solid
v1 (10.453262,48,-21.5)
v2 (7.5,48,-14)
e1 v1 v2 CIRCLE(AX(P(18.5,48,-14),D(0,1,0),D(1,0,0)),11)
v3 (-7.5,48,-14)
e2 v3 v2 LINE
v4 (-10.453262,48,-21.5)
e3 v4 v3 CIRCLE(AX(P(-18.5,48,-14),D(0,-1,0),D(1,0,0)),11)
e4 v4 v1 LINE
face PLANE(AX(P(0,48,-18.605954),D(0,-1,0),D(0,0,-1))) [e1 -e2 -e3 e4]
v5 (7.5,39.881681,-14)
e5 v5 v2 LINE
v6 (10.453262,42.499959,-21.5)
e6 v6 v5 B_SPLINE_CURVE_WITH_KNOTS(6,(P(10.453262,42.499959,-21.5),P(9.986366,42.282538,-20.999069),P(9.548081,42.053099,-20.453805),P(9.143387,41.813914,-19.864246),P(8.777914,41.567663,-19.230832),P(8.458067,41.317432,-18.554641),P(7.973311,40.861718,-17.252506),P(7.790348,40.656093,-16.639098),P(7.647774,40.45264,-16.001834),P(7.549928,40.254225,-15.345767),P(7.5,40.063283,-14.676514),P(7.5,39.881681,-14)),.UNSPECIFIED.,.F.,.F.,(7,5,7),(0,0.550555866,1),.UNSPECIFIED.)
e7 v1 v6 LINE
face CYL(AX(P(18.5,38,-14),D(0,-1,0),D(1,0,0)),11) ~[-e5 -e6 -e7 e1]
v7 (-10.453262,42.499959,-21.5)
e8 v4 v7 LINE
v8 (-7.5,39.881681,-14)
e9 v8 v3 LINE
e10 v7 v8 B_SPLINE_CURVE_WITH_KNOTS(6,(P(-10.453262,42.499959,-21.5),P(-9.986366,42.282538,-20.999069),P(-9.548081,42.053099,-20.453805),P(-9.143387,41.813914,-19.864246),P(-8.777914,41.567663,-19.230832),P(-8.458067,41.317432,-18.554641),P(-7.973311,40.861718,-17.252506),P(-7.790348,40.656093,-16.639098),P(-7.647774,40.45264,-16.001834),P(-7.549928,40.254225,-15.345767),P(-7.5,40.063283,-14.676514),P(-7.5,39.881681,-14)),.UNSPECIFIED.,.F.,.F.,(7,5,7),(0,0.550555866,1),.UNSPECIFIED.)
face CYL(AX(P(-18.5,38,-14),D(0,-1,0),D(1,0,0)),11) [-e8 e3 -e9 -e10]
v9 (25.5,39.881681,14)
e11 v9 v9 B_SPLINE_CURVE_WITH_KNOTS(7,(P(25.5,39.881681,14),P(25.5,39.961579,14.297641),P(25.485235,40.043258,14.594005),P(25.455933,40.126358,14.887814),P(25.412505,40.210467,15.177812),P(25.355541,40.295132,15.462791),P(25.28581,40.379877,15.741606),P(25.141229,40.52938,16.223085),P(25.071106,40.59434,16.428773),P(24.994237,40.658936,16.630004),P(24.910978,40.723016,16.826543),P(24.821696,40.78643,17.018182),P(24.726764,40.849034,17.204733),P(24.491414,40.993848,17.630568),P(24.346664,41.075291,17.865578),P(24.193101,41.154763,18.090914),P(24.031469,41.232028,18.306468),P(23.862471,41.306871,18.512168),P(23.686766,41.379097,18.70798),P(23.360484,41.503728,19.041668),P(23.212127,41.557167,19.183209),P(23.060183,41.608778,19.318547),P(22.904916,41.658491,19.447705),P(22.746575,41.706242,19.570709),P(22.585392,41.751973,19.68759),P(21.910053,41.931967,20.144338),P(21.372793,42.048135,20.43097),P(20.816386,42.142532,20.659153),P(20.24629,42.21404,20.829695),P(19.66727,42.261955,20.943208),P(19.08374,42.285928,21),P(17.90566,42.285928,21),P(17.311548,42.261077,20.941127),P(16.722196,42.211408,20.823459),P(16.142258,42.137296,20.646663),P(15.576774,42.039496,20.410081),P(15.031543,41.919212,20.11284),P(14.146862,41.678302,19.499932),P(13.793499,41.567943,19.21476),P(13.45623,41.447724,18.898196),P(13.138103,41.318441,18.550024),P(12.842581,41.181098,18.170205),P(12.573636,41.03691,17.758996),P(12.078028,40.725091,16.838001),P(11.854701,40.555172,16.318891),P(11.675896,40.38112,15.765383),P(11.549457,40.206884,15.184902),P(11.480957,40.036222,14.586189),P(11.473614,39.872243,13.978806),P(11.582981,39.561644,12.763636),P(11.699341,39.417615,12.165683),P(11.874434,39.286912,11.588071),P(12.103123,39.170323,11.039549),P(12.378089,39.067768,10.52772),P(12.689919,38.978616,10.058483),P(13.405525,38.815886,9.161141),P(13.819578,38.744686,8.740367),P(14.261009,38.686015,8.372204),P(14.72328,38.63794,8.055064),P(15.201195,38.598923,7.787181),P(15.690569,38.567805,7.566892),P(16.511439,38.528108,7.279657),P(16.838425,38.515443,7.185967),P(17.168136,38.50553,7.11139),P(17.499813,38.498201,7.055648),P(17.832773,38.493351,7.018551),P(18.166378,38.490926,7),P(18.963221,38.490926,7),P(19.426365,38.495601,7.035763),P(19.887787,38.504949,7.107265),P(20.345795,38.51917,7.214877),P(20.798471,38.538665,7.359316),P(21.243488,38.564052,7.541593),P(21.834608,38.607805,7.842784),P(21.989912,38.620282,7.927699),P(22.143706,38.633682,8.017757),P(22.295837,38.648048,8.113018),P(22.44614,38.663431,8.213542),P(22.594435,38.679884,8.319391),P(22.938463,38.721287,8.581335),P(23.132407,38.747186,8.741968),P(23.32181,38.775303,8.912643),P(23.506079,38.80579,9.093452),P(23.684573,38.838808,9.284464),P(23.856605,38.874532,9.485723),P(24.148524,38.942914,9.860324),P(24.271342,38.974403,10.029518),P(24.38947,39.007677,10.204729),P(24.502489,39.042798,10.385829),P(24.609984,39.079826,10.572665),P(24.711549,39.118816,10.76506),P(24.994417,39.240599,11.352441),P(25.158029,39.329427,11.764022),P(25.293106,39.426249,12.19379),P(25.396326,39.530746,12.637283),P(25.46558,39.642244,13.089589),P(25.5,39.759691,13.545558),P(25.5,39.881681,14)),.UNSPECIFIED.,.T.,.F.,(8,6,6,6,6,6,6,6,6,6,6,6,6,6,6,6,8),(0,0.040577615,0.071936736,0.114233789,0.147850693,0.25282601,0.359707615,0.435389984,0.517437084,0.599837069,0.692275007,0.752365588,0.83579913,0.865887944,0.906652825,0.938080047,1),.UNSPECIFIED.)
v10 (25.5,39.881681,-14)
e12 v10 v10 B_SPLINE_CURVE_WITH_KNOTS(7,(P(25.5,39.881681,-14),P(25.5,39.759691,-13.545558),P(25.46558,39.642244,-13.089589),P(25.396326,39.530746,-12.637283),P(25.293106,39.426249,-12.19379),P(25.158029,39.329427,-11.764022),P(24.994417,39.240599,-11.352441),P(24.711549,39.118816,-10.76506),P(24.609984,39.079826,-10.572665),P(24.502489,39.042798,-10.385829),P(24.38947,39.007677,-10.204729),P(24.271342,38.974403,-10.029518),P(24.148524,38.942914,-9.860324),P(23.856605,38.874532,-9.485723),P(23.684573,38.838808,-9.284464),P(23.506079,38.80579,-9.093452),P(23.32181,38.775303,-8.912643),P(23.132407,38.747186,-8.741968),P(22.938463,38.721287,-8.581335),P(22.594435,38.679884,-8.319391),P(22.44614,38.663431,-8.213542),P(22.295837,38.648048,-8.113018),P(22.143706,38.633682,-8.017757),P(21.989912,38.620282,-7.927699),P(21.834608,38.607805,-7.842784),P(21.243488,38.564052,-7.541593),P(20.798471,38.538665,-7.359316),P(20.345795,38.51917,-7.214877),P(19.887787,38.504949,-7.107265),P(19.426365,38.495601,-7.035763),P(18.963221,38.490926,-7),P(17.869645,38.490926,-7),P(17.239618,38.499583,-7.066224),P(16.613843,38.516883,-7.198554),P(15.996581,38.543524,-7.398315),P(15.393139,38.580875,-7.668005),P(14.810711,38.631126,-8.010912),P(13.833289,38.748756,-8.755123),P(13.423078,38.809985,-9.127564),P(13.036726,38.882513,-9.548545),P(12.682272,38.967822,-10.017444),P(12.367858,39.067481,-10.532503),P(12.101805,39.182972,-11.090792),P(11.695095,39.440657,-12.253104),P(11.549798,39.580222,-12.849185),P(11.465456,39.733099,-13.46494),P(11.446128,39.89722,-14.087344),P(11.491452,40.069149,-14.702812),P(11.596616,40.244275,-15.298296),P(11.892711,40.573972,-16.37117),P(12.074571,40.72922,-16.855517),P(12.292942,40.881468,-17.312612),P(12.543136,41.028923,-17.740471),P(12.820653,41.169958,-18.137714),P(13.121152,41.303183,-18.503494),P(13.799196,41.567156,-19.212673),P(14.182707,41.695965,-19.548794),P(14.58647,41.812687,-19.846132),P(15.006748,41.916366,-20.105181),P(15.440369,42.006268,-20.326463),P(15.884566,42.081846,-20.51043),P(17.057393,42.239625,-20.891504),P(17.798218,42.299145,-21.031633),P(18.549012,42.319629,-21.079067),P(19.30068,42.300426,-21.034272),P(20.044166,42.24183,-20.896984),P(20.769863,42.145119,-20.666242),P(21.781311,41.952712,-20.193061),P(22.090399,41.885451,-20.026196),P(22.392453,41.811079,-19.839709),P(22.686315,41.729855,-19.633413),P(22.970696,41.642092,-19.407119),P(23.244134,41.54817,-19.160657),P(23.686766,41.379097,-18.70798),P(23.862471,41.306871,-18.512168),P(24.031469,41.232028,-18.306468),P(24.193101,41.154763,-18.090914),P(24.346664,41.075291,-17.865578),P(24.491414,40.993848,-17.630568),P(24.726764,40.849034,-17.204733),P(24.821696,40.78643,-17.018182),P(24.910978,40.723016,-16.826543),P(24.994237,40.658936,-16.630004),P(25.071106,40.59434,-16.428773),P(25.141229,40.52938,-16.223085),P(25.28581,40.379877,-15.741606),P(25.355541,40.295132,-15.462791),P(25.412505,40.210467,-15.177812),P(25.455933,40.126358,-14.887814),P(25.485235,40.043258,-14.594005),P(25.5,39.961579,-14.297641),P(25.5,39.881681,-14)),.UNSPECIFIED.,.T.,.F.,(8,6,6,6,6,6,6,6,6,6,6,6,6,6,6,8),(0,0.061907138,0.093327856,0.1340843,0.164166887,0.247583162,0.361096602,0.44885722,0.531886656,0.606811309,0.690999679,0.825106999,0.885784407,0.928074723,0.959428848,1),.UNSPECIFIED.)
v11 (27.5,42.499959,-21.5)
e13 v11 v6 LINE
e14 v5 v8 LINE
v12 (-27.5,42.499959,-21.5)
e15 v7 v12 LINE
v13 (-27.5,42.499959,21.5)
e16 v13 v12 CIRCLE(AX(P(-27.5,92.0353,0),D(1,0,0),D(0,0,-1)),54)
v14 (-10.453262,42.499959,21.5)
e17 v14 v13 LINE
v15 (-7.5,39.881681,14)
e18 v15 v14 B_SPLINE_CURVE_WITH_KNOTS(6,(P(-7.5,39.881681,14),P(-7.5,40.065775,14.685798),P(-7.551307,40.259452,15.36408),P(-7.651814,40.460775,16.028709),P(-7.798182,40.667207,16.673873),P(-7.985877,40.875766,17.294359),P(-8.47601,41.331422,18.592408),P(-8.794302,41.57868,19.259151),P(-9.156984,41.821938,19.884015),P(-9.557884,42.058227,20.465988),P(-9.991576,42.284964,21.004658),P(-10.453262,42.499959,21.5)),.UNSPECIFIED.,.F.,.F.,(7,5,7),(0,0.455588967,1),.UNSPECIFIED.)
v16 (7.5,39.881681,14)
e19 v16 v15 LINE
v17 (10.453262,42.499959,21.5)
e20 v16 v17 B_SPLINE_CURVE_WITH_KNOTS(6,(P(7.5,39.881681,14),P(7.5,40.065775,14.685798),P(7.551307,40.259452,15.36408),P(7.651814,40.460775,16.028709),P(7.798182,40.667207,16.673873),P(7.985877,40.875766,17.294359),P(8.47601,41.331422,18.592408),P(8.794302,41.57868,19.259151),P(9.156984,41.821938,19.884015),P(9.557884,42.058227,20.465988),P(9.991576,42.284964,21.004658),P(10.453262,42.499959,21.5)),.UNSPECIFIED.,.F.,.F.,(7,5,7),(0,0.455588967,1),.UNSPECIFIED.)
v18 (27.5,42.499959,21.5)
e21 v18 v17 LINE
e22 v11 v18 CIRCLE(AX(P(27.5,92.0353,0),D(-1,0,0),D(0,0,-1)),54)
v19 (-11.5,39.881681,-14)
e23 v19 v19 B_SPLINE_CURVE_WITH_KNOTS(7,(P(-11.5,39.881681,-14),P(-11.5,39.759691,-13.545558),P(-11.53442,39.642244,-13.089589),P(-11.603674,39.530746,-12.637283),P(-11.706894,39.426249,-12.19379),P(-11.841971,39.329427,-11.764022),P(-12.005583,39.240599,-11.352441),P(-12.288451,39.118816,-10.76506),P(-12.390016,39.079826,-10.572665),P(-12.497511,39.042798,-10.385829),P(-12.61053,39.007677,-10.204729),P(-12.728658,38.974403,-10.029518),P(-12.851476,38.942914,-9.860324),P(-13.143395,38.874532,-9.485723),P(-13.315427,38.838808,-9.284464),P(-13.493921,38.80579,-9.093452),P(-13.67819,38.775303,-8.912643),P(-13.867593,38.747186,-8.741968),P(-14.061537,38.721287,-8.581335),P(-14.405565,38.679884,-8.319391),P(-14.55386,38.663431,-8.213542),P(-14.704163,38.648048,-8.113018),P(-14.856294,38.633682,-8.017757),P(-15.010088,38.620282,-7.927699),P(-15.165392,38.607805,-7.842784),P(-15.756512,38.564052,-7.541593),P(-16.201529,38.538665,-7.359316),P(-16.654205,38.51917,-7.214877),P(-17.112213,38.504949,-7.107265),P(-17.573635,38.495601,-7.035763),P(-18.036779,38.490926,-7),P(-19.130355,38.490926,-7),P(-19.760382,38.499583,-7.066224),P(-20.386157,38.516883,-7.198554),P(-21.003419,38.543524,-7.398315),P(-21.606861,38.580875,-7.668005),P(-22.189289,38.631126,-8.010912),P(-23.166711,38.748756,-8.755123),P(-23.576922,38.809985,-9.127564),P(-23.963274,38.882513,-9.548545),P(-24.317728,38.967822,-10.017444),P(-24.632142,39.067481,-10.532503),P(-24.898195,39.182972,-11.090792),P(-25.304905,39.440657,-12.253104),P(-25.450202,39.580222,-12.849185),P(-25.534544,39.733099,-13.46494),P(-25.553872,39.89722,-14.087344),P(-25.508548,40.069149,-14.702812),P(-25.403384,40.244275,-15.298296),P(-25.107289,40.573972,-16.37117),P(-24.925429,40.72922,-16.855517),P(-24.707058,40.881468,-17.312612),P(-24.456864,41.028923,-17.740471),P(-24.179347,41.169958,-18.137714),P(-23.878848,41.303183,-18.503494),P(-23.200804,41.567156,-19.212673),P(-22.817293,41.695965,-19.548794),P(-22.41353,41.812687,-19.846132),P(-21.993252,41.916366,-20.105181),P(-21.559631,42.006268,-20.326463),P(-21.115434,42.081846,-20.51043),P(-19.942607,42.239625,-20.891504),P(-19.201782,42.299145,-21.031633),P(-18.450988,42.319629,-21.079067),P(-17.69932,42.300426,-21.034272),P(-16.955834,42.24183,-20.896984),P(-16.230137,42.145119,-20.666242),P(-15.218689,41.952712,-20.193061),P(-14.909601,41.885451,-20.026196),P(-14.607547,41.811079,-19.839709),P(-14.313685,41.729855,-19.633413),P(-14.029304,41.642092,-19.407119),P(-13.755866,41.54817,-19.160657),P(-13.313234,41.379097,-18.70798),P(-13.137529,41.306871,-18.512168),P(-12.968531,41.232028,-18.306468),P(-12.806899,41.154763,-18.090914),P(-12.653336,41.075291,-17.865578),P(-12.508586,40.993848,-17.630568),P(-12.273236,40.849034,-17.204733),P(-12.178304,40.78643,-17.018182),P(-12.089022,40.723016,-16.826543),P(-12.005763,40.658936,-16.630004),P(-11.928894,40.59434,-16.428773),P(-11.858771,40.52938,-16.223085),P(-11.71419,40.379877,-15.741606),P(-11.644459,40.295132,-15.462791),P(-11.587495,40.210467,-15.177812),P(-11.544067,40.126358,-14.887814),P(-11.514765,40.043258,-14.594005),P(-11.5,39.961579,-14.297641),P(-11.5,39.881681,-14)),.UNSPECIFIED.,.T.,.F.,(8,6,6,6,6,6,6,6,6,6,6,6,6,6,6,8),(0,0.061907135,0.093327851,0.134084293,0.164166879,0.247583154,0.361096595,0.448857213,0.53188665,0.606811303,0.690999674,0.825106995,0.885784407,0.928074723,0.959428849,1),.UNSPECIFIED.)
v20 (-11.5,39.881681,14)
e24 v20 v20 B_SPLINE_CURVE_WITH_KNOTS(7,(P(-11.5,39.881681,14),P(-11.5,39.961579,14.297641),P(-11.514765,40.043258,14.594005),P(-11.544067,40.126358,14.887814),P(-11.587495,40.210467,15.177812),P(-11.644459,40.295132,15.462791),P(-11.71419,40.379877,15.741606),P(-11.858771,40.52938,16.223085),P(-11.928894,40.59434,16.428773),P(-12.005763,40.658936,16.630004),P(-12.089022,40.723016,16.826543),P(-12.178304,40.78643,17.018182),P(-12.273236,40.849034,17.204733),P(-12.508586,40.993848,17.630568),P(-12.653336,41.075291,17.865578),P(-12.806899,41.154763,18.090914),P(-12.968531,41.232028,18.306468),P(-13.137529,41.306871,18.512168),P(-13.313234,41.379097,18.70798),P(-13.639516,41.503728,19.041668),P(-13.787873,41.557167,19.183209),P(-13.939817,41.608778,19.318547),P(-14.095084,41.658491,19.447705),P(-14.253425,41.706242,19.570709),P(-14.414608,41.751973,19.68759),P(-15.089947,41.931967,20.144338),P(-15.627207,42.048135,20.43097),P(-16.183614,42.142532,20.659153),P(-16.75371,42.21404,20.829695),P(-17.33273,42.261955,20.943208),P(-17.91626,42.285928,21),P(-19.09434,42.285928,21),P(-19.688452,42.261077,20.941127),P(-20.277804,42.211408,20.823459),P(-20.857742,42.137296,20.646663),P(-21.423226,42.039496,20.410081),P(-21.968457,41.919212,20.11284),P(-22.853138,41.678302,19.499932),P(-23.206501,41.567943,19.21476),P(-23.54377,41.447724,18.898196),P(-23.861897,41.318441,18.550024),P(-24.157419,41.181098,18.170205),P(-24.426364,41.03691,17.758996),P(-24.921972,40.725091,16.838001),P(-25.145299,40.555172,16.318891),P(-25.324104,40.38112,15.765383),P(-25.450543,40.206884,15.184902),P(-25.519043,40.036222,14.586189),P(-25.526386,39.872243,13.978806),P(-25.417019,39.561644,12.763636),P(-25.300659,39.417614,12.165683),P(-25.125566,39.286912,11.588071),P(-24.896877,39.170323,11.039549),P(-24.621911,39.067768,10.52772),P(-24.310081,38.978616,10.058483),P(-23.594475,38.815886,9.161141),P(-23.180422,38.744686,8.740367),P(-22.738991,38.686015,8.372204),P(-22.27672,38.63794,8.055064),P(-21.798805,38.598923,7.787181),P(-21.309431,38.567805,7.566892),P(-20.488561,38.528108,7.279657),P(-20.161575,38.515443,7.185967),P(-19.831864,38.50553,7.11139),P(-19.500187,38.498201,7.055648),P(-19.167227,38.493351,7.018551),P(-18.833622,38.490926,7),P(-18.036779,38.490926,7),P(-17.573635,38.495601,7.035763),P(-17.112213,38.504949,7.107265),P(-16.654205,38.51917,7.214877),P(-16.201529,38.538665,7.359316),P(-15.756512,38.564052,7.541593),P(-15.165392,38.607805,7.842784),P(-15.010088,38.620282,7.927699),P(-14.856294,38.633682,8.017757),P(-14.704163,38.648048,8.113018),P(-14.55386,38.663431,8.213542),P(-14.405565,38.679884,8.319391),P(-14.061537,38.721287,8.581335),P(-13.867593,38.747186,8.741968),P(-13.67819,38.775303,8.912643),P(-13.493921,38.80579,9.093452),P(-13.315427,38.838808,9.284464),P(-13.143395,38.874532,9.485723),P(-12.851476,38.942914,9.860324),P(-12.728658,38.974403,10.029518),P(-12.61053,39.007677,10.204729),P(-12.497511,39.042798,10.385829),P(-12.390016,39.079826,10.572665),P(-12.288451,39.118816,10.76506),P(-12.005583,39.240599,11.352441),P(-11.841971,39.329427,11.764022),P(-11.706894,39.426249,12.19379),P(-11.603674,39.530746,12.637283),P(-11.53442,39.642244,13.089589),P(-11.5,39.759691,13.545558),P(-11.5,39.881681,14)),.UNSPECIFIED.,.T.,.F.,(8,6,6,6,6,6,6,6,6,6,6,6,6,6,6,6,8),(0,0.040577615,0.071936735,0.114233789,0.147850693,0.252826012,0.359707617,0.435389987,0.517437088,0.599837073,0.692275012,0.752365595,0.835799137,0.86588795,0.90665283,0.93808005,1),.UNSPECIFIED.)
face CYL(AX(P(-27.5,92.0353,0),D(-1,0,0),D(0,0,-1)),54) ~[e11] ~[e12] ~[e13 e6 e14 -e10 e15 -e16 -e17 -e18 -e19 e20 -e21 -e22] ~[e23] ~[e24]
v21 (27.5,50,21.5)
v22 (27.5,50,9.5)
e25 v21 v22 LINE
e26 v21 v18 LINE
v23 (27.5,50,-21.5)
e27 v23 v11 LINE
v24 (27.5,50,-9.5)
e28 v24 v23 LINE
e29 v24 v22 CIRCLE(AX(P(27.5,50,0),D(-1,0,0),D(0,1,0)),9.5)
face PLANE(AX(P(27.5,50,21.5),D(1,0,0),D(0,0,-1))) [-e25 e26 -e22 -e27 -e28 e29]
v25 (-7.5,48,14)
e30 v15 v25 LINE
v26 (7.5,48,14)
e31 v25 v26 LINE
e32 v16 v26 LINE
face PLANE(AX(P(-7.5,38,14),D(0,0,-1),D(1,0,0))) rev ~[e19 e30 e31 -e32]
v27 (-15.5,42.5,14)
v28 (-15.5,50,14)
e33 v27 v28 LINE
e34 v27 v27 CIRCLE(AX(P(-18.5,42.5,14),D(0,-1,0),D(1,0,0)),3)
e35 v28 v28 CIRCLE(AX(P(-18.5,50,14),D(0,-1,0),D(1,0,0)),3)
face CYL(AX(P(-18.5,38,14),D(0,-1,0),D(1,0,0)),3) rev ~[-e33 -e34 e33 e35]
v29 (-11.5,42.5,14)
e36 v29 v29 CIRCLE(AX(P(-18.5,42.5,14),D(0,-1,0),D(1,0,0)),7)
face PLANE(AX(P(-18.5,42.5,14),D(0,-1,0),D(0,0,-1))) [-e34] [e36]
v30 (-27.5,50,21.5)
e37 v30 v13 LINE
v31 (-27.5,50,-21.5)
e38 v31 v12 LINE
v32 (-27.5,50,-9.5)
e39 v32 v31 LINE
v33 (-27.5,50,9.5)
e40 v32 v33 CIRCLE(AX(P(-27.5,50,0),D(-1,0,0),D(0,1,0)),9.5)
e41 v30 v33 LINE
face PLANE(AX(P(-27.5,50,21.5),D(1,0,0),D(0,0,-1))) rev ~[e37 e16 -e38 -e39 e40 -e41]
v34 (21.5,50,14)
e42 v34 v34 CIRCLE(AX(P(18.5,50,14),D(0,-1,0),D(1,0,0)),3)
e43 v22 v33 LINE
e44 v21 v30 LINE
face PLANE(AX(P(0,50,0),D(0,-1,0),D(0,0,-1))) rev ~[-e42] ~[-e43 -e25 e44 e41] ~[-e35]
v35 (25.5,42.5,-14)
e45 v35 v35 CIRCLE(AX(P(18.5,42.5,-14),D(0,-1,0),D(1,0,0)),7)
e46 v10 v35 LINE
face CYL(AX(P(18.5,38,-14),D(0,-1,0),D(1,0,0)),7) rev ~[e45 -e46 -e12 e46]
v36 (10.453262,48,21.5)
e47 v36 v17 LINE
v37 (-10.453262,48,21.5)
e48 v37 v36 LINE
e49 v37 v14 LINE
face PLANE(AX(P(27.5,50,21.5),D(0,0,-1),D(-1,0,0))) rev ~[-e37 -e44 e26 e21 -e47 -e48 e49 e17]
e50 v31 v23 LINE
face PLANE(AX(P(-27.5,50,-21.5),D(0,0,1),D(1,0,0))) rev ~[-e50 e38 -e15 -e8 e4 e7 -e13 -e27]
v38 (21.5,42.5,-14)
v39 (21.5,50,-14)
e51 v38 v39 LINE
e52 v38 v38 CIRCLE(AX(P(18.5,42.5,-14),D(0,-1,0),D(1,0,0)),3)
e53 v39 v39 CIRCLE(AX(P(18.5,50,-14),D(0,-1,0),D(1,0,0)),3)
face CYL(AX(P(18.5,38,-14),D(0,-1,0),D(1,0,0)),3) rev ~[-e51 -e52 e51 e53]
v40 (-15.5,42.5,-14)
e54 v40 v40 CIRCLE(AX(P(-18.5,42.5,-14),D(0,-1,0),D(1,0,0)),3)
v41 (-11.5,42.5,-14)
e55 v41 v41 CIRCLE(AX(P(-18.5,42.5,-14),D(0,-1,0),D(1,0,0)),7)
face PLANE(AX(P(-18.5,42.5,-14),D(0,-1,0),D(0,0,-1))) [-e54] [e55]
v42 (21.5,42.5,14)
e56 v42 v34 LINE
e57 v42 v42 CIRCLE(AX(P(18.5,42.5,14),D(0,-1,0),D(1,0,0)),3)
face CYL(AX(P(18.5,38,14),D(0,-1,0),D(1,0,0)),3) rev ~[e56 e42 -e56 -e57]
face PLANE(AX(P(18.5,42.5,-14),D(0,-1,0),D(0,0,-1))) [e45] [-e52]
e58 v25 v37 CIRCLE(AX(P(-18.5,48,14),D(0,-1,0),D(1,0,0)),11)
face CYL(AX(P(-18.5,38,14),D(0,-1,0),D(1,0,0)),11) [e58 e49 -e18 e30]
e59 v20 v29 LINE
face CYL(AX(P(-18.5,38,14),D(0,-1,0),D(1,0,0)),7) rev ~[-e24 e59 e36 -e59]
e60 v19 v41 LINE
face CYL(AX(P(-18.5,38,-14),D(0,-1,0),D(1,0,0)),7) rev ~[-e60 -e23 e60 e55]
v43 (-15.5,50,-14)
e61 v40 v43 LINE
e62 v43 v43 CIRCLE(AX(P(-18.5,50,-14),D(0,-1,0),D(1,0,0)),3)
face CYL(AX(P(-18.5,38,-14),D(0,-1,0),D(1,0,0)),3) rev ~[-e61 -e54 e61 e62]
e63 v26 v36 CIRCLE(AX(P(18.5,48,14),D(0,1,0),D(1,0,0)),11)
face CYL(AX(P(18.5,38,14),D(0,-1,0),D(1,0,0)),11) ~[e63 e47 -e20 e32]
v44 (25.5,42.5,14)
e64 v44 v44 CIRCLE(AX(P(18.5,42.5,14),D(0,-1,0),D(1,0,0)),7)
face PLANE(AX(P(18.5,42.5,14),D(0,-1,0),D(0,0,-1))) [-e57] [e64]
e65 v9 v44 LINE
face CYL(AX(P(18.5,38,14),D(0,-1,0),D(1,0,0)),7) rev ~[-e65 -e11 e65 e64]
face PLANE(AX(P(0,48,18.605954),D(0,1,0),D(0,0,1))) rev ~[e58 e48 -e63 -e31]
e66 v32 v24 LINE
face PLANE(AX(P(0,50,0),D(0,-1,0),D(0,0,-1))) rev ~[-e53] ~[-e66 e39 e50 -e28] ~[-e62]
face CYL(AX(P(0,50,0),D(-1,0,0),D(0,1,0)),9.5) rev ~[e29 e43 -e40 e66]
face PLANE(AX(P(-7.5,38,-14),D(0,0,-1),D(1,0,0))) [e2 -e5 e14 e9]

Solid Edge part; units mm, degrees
sketch "Sketch1" plane through (0, 50, 11.75) normal (0, -1, 0) x (1, 0, 0)
  line L0 (-27.5, -33.25) -> (27.5, -33.25)
  line L1 (27.5, 9.75) -> (27.5, -33.25)
  line L2 (27.5, 9.75) -> (-27.5, 9.75)
  line L3 (-27.5, 9.75) -> (-27.5, -33.25)
  dimension "D1" = 55
  dimension "D2" = 43
extrude "ExtrudedProtrusion_2" add sketch "Sketch1" along normal blind 12
sketch "Sketch2" plane through (0, 0, 0) normal (1, 0, 0) x (0, 1, 0)
  arc A0 (50, -9.5) -> (50, 9.5) centre (50, 0) cw
  line L0 (50, 9.5) -> (50, -9.5)
  dimension "D1" = 9.5
  dimension "D2" = 19
extrude "Cutout1" cut sketch "Sketch2" along normal through all and the other way through all
sketch "Sketch3" plane through (-27.5, 44, 0) normal (-1, 0, 0) x (0, 0, -1)
  line L0 (27.9876, -6) -> (21.5, -6)
  line L1 (21.5, -6) -> (21.5, 1.5)
  arc A0 (-21.5, 1.5) -> (21.5, 1.5) centre (0, -48.0353) cw
  line L2 (-21.5, -6) -> (-21.5, 1.5)
  line L3 (-21.5, -6) -> (-27.4197, -6)
  line L4 (-27.4197, -6) -> (-27.4197, 18.1819)
  line L5 (-27.4197, 18.1819) -> (27.9876, 18.1819)
  line L6 (27.9876, 18.1819) -> (27.9876, -6)
  dimension "D1" = 7.5
  dimension "D2" = 54
extrude "Cutout2" cut sketch "Sketch3" against normal up to next
sketch "Sketch4" plane through (0, 38, 0) normal (0, -1, 0) x (1, 0, 0)
  circle A0 centre (-18.5, -14) radius 3
  circle A1 centre (18.5, -14) radius 3
  circle A2 centre (18.5, 14) radius 3
  circle A3 centre (-18.5, 14) radius 3
  dimension "D1" = 7.5
  dimension "D2" = 9
  dimension "D3" = 9
extrude "Cutout3" cut sketch "Sketch4" against normal through all
sketch "Sketch5" plane through (0, 38, 0) normal (0, -1, 0) x (1, 0, 0)
  circle A0 centre (-18.5, 14) radius 7
  circle A1 centre (18.5, 14) radius 7
  circle A2 centre (-18.5, -14) radius 7
  circle A3 centre (18.5, -14) radius 7
extrude "Cutout4" cut sketch "Sketch5" against normal blind 4.5
sketch "Sketch6" plane through (0, 38, 0) normal (0, -1, 0) x (1, 0, 0)
  arc A0 (11, -22.0467) -> (7.5, -14) centre (18.5, -14) cw
  line L0 (-7.5, -14) -> (7.5, -14)
  arc A1 (-11, -22.0467) -> (-7.5, -14) centre (-18.5, -14) ccw
  line L1 (-11, -22.0467) -> (11, -22.0467)
  line L2 (-11, 22.0467) -> (11, 22.0467)
  arc A2 (7.5, 14) -> (11, 22.0467) centre (18.5, 14) cw
  line L3 (-7.5, 14) -> (7.5, 14)
  arc A3 (-7.5, 14) -> (-11, 22.0467) centre (-18.5, 14) ccw
  dimension "D1" = 11
  dimension "D2" = 15
  dimension "D3" = 7.5
  dimension "D4" = 22
extrude "ExtrudedCutout_9" cut sketch "Sketch6" against normal blind 10
properties material "Aluminum, 1060"
